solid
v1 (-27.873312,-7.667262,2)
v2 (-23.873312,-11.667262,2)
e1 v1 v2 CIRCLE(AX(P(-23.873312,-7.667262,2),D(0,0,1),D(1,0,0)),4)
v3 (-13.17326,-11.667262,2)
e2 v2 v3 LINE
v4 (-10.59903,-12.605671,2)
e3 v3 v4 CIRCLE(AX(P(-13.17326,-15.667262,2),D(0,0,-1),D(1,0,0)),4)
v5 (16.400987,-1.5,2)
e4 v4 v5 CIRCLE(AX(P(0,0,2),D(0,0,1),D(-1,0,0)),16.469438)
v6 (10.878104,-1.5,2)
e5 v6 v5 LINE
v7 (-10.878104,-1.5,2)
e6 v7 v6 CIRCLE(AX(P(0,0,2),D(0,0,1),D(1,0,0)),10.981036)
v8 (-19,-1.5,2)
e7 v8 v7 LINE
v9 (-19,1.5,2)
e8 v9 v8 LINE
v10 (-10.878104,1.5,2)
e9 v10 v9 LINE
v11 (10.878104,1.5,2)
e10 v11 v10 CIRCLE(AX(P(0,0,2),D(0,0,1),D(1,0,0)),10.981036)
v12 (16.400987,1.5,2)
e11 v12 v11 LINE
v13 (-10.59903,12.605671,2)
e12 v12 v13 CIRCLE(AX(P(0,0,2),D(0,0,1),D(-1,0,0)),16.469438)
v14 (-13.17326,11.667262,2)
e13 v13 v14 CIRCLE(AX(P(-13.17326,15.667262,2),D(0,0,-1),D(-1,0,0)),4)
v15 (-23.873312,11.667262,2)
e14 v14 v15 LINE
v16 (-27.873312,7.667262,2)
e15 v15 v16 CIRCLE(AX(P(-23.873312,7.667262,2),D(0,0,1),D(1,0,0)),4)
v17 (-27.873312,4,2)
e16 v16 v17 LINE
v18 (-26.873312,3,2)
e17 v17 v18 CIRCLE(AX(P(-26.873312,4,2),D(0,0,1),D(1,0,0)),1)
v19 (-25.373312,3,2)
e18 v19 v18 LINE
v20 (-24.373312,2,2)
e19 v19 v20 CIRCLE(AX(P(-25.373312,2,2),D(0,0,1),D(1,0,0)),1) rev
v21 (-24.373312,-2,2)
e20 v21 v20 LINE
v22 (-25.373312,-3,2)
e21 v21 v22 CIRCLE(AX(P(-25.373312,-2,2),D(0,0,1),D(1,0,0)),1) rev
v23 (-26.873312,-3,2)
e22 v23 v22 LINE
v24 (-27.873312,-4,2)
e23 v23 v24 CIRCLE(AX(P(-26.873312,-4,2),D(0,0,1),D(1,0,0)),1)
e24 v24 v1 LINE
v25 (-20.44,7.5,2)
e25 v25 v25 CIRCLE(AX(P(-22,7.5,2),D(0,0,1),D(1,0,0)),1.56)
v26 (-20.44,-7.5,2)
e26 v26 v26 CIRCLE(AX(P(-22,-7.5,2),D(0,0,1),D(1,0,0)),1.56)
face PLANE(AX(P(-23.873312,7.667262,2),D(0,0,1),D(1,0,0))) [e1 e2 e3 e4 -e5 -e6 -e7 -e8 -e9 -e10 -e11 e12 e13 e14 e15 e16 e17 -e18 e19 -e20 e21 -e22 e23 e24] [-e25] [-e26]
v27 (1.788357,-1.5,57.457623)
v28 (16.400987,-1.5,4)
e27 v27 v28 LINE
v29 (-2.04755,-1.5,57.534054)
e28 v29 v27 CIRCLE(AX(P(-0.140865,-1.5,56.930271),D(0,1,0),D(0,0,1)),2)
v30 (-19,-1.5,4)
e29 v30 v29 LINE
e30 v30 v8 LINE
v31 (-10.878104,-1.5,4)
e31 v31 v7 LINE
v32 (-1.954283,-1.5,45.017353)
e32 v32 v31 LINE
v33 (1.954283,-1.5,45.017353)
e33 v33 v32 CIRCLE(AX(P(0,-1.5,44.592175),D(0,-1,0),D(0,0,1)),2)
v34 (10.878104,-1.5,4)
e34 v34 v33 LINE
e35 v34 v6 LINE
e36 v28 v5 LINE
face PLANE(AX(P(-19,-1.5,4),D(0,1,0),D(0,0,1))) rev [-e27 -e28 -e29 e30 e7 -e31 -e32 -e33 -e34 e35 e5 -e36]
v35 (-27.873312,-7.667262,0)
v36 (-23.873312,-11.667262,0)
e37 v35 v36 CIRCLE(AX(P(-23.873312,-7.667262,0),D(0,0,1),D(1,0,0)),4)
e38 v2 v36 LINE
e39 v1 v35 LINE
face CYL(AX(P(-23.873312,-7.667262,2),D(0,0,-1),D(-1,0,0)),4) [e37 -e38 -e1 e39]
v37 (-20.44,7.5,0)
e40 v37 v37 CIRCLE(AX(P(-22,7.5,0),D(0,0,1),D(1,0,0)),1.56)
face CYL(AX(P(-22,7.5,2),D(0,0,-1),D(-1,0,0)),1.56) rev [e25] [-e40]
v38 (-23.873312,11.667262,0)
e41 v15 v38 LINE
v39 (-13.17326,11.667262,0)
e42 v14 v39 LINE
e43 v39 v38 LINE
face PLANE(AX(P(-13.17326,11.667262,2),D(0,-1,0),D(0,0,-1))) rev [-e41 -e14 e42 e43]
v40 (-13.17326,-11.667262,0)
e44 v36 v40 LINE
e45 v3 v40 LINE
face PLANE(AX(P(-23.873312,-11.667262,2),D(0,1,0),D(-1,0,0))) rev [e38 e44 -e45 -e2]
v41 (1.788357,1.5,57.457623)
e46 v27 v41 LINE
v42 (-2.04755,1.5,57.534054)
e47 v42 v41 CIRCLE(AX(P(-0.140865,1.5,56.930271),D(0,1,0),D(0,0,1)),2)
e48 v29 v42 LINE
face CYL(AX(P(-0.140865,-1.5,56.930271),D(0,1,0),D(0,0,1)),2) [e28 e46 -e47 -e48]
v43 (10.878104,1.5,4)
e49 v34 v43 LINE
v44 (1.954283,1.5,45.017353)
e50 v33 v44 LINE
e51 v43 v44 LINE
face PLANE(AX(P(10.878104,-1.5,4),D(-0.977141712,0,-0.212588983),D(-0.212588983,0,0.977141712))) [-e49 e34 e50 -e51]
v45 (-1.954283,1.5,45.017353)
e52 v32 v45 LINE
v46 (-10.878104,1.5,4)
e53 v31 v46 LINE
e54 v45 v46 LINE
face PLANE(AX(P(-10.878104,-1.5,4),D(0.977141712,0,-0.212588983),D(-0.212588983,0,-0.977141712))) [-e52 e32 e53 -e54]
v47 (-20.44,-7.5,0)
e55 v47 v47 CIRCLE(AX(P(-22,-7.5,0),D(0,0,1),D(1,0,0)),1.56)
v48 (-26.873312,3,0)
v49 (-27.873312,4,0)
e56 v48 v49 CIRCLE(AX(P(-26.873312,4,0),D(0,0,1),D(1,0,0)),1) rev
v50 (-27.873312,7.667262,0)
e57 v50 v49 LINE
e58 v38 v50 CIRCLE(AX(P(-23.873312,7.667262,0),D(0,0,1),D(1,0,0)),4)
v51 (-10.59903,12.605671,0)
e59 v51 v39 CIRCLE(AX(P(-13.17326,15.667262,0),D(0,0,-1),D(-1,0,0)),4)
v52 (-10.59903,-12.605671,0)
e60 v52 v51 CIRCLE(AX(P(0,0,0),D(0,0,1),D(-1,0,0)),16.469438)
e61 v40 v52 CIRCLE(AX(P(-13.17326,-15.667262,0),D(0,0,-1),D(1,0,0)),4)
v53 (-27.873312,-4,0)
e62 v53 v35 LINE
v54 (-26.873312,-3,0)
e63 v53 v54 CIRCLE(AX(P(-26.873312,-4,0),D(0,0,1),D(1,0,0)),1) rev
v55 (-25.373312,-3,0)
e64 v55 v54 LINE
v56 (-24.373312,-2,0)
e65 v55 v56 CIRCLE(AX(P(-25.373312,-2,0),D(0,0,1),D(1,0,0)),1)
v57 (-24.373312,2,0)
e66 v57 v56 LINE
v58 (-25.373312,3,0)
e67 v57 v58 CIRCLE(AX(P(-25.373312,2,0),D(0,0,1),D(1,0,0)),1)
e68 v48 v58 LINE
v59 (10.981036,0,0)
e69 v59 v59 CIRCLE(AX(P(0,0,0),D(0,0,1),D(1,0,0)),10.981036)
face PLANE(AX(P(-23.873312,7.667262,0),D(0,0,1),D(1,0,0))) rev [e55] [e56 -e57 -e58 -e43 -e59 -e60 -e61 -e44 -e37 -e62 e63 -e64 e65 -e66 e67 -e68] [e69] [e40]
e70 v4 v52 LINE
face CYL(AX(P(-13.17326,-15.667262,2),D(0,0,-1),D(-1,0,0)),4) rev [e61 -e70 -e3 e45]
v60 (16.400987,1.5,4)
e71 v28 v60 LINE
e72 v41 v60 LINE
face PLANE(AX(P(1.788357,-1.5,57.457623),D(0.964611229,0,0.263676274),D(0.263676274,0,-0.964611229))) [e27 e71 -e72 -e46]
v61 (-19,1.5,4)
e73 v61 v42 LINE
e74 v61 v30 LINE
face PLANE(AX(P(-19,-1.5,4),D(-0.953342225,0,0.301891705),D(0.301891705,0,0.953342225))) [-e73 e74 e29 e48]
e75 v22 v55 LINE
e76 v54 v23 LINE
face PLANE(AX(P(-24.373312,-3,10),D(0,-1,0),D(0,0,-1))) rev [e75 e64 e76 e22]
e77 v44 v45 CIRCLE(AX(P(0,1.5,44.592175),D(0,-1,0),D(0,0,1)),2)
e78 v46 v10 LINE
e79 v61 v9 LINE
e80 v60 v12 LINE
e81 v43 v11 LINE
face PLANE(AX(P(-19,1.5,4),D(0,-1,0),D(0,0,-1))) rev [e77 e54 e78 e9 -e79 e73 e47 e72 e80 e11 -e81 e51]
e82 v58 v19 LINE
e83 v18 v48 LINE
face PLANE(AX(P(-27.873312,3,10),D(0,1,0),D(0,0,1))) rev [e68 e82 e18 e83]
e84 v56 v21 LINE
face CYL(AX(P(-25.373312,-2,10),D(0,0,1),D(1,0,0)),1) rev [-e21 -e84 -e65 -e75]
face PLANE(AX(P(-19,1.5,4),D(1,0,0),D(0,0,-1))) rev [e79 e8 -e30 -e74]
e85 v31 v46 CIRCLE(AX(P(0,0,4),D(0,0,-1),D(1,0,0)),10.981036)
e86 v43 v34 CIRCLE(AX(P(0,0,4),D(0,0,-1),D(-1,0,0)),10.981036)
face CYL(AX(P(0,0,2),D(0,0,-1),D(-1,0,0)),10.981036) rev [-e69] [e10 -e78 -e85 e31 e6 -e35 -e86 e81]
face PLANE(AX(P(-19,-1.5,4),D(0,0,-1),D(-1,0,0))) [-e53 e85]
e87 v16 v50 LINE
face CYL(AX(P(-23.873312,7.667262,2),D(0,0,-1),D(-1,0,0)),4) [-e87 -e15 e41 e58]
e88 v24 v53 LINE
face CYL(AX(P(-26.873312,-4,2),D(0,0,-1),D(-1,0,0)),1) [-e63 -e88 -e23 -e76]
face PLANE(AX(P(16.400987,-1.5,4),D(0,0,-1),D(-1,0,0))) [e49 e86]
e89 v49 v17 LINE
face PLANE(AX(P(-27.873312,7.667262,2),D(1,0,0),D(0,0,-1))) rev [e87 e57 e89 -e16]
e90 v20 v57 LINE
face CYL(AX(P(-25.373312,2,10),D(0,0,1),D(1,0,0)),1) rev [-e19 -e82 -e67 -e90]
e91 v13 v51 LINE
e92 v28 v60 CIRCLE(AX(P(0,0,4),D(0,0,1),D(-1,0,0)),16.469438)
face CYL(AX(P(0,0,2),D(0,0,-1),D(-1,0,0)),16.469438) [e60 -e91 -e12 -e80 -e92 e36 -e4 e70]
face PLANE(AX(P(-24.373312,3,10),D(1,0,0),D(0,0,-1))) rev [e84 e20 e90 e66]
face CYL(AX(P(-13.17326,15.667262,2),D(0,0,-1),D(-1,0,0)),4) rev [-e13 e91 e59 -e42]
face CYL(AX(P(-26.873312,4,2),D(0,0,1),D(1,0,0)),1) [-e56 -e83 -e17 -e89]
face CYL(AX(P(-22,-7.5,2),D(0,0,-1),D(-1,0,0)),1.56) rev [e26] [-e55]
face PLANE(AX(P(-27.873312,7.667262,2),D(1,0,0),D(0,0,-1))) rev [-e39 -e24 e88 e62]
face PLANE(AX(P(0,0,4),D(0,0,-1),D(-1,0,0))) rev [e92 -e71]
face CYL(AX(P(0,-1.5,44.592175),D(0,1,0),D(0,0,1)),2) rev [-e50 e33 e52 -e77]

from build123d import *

# Parameters (mm, degrees)
SKETCH_1_R          = 1.56
SKETCH_1_R_2        = 10.981035736
EXTRUDE_1_DEPTH     = 2
EXTRUDE_3_DEPTH     = 2
EXTRUDE_4_DEPTH     = 3
SKETCH_4_W          = 3.5
SKETCH_4_H          = 6
CUT_EXTRUDE_1_DEPTH = 10
FILLET_1_R          = 1
FILLET_2_R          = 1


with BuildPart() as part:
    # 草图1 → 凸台-拉伸1 (new body)
    with BuildSketch(Plane.XY):
        with BuildLine():
            Line((-13.173260362, 11.66726189), (-23.87331228, 11.66726189))
            ThreePointArc((-23.87331228, 11.66726189), (-26.701739405, 10.495689014), (-27.87331228, 7.66726189))
            Line((-27.87331228, 7.66726189), (-27.87331228, -7.66726189))
            ThreePointArc((-27.87331228, -7.66726189), (-26.701739405, -10.495689014), (-23.87331228, -11.66726189))
            Line((-23.87331228, -11.66726189), (-13.173260362, -11.66726189))
            ThreePointArc((-13.173260362, -11.66726189), (-11.803290326, -11.909179653), (-10.599030333, -12.605670839))
            ThreePointArc((-10.599030333, -12.605670839), (16.469437796, 0), (-10.599030333, 12.605670839))
            ThreePointArc((-10.599030333, 12.605670839), (-11.803290326, 11.909179653), (-13.173260362, 11.66726189))
        make_face()
        with Locations((-22, 7.5)):
            Circle(SKETCH_1_R, mode=Mode.SUBTRACT)
        with Locations((-22, -7.5)):
            Circle(SKETCH_1_R, mode=Mode.SUBTRACT)
        Circle(SKETCH_1_R_2, mode=Mode.SUBTRACT)
    extrude(amount=EXTRUDE_1_DEPTH)

    # 草图2 → 凸台-拉伸3 (add)
    with BuildSketch(Plane.XY.offset(2)):
        with BuildLine():
            Line((-19, 1.5), (-10.878103964, 1.5))
            ThreePointArc((-10.878103964, 1.5), (-10.981035736, 0), (-10.878103964, -1.5))
            Line((-10.878103964, -1.5), (-19, -1.5))
            Line((-19, -1.5), (-19, 1.5))
        make_face()
        with BuildLine():
            Line((10.878103964, 1.5), (16.400987206, 1.5))
            ThreePointArc((16.400987206, 1.5), (16.469437796, 0), (16.400987206, -1.5))
            Line((16.400987206, -1.5), (10.878103964, -1.5))
            ThreePointArc((10.878103964, -1.5), (10.981035736, 0), (10.878103964, 1.5))
        make_face()
    extrude(amount=EXTRUDE_3_DEPTH)

    # 草图3 → 凸台-拉伸4 (add)
    with BuildSketch(Plane(origin=(0, 1.5, 0), x_dir=(1, 0, 0), z_dir=(0, 1, 0))):
        with BuildLine():
            Line((-10.878103964, -4), (-1.954283423, -45.017352704))
            ThreePointArc((-1.954283423, -45.017352704), (0, -46.592174739), (1.954283423, -45.017352704))
            Line((1.954283423, -45.017352704), (10.878103964, -4))
            Line((10.878103964, -4), (16.400987206, -4))
            Line((16.400987206, -4), (1.78835733, -57.457623102))
            ThreePointArc((1.78835733, -57.457623102), (-0.101022818, -58.929873662), (-2.047549578, -57.534053964))
            Line((-2.047549578, -57.534053964), (-19, -4))
            Line((-19, -4), (-10.878103964, -4))
        make_face()
    extrude(amount=-EXTRUDE_4_DEPTH)

    # 草图4 → 切除-拉伸1 (cut)
    with BuildSketch(Plane(origin=(0, 0, 0), x_dir=(-1, 0, 0), z_dir=(0, 0, -1))):
        with Locations((26.12331228, 0)):
            Rectangle(SKETCH_4_W, SKETCH_4_H)
    extrude(amount=-CUT_EXTRUDE_1_DEPTH, mode=Mode.SUBTRACT)

    # 圆角1
    fillet_1_edges = [part.edges().sort_by_distance(p)[0] for p in [
        (-27.87331228, 3, 1),
    ]]
    fillet(fillet_1_edges, radius=FILLET_1_R)

    # 圆角2
    fillet_2_edges = [part.edges().sort_by_distance(p)[0] for p in [
        (-24.37331228, 3, 1),
        (-24.37331228, -3, 1),
        (-27.87331228, -3, 1),
    ]]
    fillet(fillet_2_edges, radius=FILLET_2_R)


solid = part.part
